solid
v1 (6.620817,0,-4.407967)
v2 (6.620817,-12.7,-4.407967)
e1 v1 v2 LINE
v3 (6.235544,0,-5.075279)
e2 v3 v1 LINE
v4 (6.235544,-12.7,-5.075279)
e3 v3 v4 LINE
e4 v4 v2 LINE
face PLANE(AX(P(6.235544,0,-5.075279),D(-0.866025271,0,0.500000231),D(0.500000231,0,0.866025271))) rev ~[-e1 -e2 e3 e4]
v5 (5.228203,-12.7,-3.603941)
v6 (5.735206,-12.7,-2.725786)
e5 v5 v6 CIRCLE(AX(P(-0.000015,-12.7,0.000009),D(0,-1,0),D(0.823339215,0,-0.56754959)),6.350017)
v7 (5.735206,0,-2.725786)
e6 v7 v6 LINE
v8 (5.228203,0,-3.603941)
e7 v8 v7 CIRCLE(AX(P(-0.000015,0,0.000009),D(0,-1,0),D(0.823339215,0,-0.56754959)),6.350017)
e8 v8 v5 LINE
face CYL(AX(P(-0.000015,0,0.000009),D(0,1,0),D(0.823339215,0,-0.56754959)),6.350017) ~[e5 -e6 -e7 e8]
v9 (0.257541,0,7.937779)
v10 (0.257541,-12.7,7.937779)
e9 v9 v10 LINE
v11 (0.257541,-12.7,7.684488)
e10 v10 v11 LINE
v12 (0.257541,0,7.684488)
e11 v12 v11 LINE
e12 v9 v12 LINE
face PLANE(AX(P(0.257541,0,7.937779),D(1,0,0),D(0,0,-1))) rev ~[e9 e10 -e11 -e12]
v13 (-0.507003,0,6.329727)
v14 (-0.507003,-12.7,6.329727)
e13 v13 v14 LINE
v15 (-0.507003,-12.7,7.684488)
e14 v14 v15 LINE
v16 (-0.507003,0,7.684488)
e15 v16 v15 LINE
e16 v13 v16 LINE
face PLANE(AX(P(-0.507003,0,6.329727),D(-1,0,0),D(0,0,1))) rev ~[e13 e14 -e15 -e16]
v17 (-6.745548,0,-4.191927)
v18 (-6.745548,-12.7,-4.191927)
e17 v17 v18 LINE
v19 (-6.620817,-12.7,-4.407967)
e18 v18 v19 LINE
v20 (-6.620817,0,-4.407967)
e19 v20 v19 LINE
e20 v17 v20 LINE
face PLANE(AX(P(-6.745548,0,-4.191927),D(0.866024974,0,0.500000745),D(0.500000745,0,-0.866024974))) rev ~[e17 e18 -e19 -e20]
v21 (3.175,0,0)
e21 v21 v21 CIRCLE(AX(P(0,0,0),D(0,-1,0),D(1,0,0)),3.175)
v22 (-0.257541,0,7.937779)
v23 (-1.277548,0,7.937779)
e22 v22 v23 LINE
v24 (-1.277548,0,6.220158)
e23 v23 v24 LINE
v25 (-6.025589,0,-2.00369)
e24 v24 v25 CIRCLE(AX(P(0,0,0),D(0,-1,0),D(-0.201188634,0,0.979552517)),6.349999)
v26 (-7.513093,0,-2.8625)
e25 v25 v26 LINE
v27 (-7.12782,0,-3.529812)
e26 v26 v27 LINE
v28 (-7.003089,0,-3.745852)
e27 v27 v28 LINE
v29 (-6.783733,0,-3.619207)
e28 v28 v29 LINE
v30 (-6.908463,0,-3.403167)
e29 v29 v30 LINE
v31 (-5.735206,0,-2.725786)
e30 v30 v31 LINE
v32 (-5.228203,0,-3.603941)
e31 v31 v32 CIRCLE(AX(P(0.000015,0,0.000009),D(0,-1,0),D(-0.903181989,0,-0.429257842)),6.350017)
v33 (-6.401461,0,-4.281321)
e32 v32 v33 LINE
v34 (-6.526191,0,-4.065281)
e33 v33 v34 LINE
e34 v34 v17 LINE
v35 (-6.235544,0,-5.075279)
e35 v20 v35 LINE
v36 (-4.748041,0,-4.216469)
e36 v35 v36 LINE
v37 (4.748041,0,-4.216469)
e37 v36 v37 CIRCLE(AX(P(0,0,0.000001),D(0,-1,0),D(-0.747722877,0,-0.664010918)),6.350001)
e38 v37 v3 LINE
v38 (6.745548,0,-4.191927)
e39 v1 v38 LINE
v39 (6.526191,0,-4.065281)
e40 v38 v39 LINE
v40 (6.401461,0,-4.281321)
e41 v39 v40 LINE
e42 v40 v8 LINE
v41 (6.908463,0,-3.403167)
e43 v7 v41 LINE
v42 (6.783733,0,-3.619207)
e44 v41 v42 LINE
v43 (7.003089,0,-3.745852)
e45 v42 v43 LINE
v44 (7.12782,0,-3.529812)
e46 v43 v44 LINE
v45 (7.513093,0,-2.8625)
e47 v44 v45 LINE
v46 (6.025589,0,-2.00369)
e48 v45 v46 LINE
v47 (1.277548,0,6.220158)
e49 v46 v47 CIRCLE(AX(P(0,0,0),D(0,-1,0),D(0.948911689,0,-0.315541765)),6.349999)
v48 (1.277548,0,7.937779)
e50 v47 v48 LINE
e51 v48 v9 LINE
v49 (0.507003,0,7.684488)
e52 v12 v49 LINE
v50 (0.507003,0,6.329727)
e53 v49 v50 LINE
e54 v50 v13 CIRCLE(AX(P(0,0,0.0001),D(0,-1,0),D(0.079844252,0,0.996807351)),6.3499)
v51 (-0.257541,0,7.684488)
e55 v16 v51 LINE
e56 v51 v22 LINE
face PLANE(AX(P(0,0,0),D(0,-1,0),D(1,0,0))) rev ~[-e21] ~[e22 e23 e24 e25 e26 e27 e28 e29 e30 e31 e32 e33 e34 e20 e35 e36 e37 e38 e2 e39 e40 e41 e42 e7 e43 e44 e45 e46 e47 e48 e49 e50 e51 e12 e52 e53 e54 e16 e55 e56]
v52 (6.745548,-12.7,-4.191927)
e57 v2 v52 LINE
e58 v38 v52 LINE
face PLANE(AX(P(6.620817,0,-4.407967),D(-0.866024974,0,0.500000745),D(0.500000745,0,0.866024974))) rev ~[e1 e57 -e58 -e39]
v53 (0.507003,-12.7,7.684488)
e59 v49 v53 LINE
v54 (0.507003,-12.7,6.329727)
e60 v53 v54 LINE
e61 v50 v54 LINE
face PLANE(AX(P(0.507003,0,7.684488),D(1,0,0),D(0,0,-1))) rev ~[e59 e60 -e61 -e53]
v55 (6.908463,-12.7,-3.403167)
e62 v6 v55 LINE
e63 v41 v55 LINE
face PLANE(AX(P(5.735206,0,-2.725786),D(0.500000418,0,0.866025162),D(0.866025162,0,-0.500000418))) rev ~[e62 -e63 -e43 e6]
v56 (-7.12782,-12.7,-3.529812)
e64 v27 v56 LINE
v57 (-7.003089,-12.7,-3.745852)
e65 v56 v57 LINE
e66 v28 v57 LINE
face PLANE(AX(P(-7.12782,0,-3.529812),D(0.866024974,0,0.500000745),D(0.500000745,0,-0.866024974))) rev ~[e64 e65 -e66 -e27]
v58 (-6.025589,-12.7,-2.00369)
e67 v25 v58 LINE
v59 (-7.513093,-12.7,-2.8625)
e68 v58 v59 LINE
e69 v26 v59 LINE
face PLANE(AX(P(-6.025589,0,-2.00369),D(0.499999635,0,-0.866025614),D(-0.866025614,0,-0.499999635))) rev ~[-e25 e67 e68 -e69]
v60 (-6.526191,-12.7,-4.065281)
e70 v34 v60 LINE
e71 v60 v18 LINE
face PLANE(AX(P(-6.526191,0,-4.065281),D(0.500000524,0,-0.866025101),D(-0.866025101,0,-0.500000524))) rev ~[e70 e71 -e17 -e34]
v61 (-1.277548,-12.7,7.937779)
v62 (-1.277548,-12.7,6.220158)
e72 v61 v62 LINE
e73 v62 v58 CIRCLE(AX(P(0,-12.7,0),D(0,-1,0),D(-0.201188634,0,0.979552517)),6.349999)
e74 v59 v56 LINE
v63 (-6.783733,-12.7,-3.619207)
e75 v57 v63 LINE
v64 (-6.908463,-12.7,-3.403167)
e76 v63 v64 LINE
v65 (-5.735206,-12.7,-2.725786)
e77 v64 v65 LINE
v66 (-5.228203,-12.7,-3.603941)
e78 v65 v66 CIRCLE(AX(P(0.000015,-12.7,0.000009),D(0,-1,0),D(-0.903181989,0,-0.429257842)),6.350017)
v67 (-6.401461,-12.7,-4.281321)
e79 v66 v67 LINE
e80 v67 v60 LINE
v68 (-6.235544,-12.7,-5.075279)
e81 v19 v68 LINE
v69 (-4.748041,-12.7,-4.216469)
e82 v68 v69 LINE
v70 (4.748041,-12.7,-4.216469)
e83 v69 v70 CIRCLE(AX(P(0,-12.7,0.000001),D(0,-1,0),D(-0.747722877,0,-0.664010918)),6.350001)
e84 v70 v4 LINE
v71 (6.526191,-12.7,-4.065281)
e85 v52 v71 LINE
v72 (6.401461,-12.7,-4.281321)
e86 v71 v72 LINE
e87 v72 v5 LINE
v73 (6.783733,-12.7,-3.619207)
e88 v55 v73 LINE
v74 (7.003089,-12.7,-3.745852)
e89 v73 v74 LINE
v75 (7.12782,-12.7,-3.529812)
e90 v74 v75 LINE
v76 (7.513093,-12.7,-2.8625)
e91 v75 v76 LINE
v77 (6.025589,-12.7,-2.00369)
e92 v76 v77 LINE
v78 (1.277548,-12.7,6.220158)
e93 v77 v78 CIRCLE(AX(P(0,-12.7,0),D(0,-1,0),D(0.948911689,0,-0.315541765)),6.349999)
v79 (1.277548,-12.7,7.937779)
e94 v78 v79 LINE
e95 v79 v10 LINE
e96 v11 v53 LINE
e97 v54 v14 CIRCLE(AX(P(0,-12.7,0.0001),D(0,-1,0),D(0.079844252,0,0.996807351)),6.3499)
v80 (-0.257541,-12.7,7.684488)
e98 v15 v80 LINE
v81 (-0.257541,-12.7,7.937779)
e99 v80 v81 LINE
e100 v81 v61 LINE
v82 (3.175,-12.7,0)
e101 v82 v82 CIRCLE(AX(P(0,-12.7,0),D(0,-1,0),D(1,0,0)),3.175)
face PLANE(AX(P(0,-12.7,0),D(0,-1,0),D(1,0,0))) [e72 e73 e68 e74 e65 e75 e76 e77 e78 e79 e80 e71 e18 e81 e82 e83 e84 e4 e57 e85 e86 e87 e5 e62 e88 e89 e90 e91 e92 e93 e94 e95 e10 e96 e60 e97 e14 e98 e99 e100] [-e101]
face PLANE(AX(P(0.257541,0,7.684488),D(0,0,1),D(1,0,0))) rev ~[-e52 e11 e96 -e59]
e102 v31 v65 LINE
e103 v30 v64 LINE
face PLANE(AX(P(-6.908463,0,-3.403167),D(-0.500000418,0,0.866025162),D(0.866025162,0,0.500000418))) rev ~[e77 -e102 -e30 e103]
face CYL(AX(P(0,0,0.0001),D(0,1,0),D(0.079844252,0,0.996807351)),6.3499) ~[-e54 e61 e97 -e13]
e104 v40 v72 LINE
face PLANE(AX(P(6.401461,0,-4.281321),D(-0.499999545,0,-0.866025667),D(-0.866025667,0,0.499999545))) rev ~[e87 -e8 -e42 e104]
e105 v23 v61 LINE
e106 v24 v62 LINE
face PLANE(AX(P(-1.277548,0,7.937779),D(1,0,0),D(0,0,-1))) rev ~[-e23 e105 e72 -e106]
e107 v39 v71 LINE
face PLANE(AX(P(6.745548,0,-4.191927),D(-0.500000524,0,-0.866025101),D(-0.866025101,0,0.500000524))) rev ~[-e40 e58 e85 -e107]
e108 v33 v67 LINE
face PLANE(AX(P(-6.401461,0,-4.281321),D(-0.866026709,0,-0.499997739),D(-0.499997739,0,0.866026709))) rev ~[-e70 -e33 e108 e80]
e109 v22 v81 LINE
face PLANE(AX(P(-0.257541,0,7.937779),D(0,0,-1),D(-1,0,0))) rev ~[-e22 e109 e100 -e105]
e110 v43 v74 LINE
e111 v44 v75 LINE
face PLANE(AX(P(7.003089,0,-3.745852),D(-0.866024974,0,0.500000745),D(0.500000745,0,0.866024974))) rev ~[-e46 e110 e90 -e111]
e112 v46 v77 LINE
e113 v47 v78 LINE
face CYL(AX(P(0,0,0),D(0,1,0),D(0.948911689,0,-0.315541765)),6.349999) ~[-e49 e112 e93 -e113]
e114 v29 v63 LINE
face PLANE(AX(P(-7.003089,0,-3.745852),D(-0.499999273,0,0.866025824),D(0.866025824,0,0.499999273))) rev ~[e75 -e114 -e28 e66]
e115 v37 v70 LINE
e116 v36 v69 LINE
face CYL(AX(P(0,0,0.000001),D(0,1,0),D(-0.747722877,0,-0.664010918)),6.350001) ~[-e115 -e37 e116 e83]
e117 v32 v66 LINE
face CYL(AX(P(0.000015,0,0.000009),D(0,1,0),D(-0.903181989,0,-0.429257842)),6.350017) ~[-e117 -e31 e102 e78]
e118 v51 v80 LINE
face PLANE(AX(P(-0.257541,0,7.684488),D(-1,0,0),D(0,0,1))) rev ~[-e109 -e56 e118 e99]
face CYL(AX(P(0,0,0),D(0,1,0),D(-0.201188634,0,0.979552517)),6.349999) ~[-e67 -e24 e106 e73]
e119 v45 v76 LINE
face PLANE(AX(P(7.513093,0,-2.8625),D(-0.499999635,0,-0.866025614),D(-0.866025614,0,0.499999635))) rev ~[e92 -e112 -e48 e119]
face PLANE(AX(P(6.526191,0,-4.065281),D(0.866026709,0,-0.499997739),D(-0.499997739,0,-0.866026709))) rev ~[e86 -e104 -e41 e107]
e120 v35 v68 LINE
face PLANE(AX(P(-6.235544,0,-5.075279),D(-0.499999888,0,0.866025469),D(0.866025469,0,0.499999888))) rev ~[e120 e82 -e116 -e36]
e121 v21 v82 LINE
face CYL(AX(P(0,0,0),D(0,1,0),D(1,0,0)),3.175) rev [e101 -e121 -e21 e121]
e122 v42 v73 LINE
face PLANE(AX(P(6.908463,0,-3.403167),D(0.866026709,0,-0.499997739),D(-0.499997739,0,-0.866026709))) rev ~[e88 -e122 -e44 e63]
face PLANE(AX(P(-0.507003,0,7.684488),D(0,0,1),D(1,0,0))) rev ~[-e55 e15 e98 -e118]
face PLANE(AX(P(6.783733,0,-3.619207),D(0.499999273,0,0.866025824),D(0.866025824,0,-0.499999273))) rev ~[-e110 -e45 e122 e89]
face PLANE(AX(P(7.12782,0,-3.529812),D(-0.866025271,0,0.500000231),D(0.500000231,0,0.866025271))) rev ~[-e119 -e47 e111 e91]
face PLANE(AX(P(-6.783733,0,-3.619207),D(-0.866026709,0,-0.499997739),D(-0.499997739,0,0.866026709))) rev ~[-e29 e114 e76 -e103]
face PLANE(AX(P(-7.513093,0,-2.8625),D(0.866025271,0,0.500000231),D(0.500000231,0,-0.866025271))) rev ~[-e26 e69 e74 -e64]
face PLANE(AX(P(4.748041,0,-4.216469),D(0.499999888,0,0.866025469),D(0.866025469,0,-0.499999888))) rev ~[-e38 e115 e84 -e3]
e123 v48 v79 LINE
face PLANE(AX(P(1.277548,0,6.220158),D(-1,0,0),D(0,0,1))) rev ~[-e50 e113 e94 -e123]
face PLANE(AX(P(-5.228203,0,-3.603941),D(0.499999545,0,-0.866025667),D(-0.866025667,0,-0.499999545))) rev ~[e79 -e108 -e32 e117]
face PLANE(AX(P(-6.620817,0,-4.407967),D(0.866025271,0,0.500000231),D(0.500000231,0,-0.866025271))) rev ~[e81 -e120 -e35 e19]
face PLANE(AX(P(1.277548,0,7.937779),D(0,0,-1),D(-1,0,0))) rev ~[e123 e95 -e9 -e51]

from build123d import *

# Parameters (mm, degrees)
F0_R     = 3.175
F1_DEPTH = 12.7


with BuildPart() as f1:
    # F0 (on Front) → F1 (new body)
    with BuildSketch(Plane.XZ):
        with BuildLine():
            Line((0.507003, 7.684488), (0.507003, 6.329727))
            ThreePointArc((0.507003, 6.329727), (0, 6.35), (-0.507003, 6.329727))
            Line((-0.507003, 6.329727), (-0.507003, 7.684488))
            Line((-0.507003, 7.684488), (-0.257541, 7.684488))
            Line((-0.257541, 7.684488), (-0.257541, 7.937779))
            Line((-0.257541, 7.937779), (-0.507003, 7.937779))
            Line((-0.507003, 7.937779), (-1.277548, 7.937779))
            Line((-1.277548, 7.937779), (-1.277548, 6.220158))
            ThreePointArc((-1.277548, 6.220158), (-5.499261, 3.175), (-6.025589, -2.00369))
            Line((-6.025589, -2.00369), (-7.513093, -2.8625))
            Line((-7.513093, -2.8625), (-7.12782, -3.529812))
            Line((-7.12782, -3.529812), (-7.003089, -3.745852))
            Line((-7.003089, -3.745852), (-6.783733, -3.619207))
            Line((-6.783733, -3.619207), (-6.908463, -3.403167))
            Line((-6.908463, -3.403167), (-5.735206, -2.725786))
            ThreePointArc((-5.735206, -2.725786), (-5.499261, -3.175), (-5.228203, -3.603941))
            Line((-5.228203, -3.603941), (-6.401461, -4.281321))
            Line((-6.401461, -4.281321), (-6.526191, -4.065281))
            Line((-6.526191, -4.065281), (-6.745548, -4.191927))
            Line((-6.745548, -4.191927), (-6.620817, -4.407967))
            Line((-6.620817, -4.407967), (-6.235544, -5.075279))
            Line((-6.235544, -5.075279), (-4.748041, -4.216469))
            ThreePointArc((-4.748041, -4.216469), (0, -6.35), (4.748041, -4.216469))
            Line((4.748041, -4.216469), (6.235544, -5.075279))
            Line((6.235544, -5.075279), (6.620817, -4.407967))
            Line((6.620817, -4.407967), (6.745548, -4.191927))
            Line((6.745548, -4.191927), (6.526191, -4.065281))
            Line((6.526191, -4.065281), (6.401461, -4.281321))
            Line((6.401461, -4.281321), (5.228203, -3.603941))
            ThreePointArc((5.228203, -3.603941), (5.499261, -3.175), (5.735206, -2.725786))
            Line((5.735206, -2.725786), (6.908463, -3.403167))
            Line((6.908463, -3.403167), (6.783733, -3.619207))
            Line((6.783733, -3.619207), (7.003089, -3.745852))
            Line((7.003089, -3.745852), (7.12782, -3.529812))
            Line((7.12782, -3.529812), (7.513093, -2.8625))
            Line((7.513093, -2.8625), (6.025589, -2.00369))
            ThreePointArc((6.025589, -2.00369), (5.499261, 3.175), (1.277548, 6.220158))
            Line((1.277548, 6.220158), (1.277548, 7.937779))
            Line((1.277548, 7.937779), (0.507003, 7.937779))
            Line((0.507003, 7.937779), (0.257541, 7.937779))
            Line((0.257541, 7.937779), (0.257541, 7.684488))
            Line((0.257541, 7.684488), (0.507003, 7.684488))
        make_face()
        Circle(F0_R, mode=Mode.SUBTRACT)
    extrude(amount=F1_DEPTH)


solid = f1.part
